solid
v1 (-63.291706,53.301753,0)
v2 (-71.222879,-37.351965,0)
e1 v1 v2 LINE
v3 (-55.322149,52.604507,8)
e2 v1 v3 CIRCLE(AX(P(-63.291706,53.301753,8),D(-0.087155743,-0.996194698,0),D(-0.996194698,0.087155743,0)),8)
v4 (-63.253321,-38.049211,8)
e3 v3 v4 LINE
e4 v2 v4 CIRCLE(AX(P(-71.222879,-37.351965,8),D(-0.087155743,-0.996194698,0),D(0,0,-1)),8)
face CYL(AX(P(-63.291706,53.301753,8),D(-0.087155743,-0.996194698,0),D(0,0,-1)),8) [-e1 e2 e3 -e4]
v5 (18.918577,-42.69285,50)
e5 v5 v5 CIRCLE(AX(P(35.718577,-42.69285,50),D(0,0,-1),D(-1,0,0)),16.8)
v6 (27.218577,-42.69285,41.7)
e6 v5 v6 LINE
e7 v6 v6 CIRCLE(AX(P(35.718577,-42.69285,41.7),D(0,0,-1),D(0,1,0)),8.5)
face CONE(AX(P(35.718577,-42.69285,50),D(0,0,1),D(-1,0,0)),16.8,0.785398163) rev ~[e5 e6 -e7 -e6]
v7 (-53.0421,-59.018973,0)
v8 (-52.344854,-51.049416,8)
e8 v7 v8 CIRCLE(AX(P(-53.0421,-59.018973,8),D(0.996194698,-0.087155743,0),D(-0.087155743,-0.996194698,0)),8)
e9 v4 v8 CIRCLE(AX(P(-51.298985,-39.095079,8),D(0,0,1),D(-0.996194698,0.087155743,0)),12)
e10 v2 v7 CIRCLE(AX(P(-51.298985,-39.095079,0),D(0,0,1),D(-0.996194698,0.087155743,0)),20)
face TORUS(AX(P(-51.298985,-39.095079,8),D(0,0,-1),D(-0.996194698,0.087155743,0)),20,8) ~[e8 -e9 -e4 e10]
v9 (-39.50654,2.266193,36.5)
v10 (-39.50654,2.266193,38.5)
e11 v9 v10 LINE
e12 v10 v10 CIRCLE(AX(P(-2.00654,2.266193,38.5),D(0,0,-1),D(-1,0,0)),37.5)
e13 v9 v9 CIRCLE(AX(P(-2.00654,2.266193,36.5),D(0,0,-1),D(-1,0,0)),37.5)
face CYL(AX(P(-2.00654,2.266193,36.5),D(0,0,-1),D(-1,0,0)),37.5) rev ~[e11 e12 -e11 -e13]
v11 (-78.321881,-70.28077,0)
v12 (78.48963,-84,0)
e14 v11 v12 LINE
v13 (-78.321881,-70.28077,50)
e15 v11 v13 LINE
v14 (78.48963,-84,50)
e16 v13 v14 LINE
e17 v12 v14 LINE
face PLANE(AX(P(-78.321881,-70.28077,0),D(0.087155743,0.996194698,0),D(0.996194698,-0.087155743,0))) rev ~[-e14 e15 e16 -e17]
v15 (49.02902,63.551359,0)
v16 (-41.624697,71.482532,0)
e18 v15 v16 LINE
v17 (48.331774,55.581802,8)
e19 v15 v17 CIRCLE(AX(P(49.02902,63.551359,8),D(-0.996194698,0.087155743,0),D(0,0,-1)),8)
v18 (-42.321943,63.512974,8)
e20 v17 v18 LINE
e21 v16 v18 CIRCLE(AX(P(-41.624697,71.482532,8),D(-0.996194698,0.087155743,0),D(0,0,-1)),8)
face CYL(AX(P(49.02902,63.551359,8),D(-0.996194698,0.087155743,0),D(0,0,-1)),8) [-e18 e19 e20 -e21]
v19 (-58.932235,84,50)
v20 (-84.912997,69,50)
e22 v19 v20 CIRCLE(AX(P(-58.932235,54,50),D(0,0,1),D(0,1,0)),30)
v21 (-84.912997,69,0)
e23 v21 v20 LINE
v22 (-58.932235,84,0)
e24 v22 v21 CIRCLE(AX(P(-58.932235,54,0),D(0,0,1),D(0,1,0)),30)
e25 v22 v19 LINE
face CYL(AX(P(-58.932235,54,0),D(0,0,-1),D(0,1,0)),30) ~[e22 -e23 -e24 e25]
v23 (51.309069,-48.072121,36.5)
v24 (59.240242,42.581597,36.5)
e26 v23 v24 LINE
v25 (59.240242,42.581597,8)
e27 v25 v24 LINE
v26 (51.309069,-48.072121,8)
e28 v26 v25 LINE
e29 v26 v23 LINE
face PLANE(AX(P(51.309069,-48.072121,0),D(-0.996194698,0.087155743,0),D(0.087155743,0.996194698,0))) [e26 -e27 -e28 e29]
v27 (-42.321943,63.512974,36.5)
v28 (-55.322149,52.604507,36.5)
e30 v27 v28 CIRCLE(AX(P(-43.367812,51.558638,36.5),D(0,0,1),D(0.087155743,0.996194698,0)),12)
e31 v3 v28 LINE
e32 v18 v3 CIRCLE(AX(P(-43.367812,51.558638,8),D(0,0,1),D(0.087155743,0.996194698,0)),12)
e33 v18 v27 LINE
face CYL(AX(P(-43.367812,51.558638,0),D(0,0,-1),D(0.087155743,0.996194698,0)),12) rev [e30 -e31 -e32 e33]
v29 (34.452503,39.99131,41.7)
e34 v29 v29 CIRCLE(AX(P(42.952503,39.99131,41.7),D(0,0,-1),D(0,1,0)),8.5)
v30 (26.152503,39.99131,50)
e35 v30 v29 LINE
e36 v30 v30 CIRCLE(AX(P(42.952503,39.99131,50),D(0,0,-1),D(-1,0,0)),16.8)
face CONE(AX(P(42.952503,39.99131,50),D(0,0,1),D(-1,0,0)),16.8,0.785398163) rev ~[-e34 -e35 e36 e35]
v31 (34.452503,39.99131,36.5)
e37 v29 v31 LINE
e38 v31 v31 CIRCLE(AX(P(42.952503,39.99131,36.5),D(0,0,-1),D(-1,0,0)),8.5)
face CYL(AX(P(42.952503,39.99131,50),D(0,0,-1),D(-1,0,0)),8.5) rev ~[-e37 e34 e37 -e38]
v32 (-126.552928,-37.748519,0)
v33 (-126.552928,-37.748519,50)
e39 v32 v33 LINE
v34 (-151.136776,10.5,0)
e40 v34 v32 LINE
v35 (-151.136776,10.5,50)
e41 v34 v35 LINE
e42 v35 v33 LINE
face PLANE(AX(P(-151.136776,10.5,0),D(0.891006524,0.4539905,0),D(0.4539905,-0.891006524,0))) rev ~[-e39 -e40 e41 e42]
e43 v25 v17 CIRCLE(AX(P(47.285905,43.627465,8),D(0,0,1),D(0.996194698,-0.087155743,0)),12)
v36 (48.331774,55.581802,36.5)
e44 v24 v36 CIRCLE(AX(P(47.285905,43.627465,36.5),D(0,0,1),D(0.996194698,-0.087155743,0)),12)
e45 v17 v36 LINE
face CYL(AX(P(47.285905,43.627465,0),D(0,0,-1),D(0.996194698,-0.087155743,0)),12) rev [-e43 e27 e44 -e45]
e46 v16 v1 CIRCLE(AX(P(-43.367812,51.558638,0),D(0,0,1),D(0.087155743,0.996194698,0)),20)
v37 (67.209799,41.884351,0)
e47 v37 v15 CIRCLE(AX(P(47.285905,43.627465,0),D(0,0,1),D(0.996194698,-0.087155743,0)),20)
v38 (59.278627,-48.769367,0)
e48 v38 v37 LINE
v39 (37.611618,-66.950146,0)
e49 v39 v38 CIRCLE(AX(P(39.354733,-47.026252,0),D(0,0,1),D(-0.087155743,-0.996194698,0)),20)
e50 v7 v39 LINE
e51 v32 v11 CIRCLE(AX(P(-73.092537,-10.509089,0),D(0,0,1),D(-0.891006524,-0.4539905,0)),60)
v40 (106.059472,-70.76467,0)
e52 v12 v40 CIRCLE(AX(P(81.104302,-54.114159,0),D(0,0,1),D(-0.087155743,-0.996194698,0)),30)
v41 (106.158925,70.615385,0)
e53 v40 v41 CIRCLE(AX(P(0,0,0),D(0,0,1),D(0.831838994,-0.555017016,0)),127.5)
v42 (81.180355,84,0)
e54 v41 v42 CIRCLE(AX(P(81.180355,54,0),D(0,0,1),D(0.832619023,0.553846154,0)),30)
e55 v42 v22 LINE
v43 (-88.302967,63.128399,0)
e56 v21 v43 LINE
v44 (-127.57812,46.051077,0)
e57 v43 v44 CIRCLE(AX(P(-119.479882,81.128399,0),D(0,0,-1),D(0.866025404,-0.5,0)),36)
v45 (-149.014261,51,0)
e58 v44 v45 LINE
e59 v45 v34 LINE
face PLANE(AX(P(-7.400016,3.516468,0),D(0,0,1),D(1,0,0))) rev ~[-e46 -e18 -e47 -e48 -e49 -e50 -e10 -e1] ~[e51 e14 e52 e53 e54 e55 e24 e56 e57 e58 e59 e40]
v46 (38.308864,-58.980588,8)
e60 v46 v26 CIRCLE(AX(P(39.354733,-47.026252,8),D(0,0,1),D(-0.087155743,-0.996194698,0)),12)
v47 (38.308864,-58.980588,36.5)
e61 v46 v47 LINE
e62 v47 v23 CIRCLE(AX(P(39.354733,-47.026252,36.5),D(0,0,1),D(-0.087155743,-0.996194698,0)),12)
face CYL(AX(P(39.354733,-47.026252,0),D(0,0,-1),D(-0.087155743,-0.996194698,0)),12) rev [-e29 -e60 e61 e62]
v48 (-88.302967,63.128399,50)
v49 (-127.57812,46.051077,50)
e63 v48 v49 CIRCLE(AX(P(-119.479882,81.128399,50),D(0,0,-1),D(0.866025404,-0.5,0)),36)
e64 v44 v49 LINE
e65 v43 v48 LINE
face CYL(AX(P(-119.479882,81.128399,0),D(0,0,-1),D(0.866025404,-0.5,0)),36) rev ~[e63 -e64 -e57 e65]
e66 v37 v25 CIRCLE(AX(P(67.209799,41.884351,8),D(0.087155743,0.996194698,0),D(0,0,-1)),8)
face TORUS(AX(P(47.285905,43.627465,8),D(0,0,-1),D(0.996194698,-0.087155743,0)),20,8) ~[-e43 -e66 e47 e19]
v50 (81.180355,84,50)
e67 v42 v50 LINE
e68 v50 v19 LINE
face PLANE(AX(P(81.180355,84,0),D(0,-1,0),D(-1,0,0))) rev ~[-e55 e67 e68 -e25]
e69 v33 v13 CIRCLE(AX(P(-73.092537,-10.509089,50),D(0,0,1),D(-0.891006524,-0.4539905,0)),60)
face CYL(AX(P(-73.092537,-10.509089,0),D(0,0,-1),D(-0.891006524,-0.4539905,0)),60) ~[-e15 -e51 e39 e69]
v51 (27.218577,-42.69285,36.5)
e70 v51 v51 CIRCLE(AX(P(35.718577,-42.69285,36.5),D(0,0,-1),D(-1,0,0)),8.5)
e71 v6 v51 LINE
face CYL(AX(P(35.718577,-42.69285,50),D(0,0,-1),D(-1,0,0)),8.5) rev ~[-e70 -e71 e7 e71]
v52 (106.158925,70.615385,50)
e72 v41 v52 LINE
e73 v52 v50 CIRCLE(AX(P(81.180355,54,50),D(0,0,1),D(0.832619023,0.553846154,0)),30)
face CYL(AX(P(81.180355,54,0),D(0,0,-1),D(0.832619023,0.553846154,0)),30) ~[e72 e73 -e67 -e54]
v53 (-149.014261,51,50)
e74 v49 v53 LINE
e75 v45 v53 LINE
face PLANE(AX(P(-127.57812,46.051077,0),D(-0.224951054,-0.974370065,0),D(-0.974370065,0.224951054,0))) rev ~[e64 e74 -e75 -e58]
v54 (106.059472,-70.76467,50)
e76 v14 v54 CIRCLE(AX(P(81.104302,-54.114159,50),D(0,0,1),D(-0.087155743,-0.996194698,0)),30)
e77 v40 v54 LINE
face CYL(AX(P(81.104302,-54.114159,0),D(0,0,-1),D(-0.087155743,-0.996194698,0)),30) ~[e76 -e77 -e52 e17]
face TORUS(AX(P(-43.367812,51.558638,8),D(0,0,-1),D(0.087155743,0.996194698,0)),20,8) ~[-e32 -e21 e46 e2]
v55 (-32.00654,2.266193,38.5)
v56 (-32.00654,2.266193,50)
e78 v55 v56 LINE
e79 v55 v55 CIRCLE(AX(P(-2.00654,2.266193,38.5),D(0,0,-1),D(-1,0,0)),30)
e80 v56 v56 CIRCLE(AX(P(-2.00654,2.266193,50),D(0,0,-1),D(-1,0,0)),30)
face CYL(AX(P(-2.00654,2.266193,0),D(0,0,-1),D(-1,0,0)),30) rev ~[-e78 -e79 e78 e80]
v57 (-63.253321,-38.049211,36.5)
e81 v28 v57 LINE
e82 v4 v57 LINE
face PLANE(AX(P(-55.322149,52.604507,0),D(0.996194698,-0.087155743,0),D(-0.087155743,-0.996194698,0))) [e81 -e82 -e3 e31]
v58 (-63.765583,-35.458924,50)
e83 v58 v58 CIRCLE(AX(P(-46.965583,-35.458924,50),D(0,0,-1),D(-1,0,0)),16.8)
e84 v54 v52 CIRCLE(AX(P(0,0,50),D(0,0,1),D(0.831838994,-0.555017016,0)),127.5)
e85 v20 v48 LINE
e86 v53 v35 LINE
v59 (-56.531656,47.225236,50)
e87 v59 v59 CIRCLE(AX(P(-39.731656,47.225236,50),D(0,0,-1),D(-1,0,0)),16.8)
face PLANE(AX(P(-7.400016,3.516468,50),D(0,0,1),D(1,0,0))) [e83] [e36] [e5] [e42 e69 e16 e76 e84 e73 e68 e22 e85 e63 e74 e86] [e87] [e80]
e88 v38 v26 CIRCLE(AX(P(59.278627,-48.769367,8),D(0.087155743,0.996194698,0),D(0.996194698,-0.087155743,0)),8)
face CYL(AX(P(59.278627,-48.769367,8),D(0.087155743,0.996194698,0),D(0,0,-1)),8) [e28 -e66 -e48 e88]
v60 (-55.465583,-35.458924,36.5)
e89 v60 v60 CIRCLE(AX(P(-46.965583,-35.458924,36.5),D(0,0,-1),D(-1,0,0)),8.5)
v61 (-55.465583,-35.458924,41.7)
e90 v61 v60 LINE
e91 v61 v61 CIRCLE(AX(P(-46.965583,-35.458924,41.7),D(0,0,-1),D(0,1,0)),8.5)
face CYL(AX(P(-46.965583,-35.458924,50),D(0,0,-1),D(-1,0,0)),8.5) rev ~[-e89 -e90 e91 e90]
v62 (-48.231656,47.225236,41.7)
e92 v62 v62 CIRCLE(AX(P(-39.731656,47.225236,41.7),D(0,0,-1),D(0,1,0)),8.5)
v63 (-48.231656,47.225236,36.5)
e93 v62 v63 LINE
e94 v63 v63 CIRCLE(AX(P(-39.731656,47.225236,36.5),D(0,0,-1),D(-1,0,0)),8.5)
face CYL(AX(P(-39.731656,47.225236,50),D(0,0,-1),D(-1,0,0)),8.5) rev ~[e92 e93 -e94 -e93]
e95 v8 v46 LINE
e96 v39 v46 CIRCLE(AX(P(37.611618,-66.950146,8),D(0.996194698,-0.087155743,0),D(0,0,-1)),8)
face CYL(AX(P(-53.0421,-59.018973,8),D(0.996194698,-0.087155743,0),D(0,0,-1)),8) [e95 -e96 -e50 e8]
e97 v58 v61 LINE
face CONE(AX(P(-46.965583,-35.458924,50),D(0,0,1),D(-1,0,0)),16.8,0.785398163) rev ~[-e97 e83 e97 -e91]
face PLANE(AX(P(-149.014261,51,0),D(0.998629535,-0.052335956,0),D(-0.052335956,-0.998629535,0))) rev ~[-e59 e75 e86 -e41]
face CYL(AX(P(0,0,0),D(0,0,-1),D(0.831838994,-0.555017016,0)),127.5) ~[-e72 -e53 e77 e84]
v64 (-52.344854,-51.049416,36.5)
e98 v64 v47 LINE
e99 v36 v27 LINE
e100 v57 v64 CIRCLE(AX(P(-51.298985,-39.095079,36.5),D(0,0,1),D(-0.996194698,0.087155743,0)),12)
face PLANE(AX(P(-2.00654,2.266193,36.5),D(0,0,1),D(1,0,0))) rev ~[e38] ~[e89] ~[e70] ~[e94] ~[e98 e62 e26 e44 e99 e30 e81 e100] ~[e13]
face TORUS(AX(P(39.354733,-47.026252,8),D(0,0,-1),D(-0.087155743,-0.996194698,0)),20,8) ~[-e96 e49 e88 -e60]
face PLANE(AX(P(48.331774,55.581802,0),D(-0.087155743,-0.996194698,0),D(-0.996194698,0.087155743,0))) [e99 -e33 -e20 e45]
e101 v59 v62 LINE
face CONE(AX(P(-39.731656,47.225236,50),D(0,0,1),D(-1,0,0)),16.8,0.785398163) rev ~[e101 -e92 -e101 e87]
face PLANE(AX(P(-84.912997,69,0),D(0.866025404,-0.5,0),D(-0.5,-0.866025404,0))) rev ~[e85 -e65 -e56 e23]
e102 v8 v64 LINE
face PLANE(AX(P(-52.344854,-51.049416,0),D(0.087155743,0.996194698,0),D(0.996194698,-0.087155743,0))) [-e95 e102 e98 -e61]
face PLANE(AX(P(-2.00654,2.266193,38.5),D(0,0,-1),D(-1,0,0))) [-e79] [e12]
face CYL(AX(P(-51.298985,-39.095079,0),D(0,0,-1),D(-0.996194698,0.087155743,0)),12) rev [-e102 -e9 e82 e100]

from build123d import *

# Parameters (mm, degrees)
EXTRUS_O_PRINCIPAL_DEPTH                            = 50
REBAIXO_CAMISA_DEPTH                                = 36.5
FILETE_ALIVIO_REBAIXO_R                             = 8
ESBO_O2_3_R                                         = 30
FURO_EIXO_DEPTH                                     = 181.048651344
CORTE_EXTRUS_O1_START                               = -36.5
ESBO_O2_4_R                                         = 37.5
CORTE_EXTRUS_O1_DEPTH                               = 2
ESCAREADO_PARA_PARAFUSO_ALLEN_SEXTAVADO_D           = 17
ESCAREADO_PARA_PARAFUSO_ALLEN_SEXTAVADO_CSINK_D     = 33.6
ESCAREADO_PARA_PARAFUSO_ALLEN_SEXTAVADO_CSINK_ANGLE = 90


with BuildPart() as part:
    # Sketch2 → EXTRUSÃO PRINCIPAL (new body)
    with BuildSketch(Plane.XY):
        with BuildLine():
            Line((-127.578119637, 46.051076804), (-149.014261062, 51))
            Line((-149.014261062, 51), (-151.136776123, 10.5))
            Line((-151.136776123, 10.5), (-126.552927997, -37.748518598))
            ThreePointArc((-126.552927997, -37.748518598), (-106.644110754, -60.251342967), (-78.321881111, -70.280770499))
            Line((-78.321881111, -70.280770499), (78.489629635, -84))
            ThreePointArc((78.489629635, -84), (94.087674002, -81.159159507), (106.059471738, -70.764669536))
            ThreePointArc((106.059471738, -70.764669536), (127.499968454, -0.089689786), (106.158925464, 70.615384615))
            ThreePointArc((106.158925464, 70.615384615), (95.349660705, 80.44297202), (81.180354766, 84))
            Line((81.180354766, 84), (-58.932234692, 84))
            ThreePointArc((-58.932234692, 84), (-73.932234692, 79.980762114), (-84.912996806, 69))
            Line((-84.912996806, 69), (-88.302967145, 63.128399137))
            ThreePointArc((-88.302967145, 63.128399137), (-105.1249152, 48.114236459), (-127.578119637, 46.051076804))
        make_face()
    extrude(amount=EXTRUS_O_PRINCIPAL_DEPTH)

    # Esboço2 → REBAIXO CAMISA (cut)
    with BuildSketch(Plane(origin=(0, 0, 0), x_dir=(-1, 0, 0), z_dir=(0, 0, -1))):
        with BuildLine():
            Line((-48.331774145, 55.581801869), (42.321943382, 63.512974459))
            ThreePointArc((42.321943382, 63.512974459), (51.081263611, 60.751171399), (55.322148672, 52.604506995))
            Line((55.322148672, 52.604506995), (63.253321262, -38.049210532))
            ThreePointArc((63.253321262, -38.049210532), (60.491518202, -46.808530761), (52.344853798, -51.049415822))
            Line((52.344853798, -51.049415822), (-38.308863729, -58.980588412))
            ThreePointArc((-38.308863729, -58.980588412), (-47.068183958, -56.218785352), (-51.309069019, -48.072120948))
            Line((-51.309069019, -48.072120948), (-59.240241609, 42.581596579))
            ThreePointArc((-59.240241609, 42.581596579), (-56.478438549, 51.340916808), (-48.331774145, 55.581801869))
        make_face()
    extrude(amount=-REBAIXO_CAMISA_DEPTH, mode=Mode.SUBTRACT)

    # FILETE ALIVIO REBAIXO
    filete_alivio_rebaixo_edges = [part.edges().sort_by_distance(p)[0] for p in [
        (3.004915382, 59.547388164, 0),
        (-51.081263611, 60.751171399, 0),
        (-59.287734967, 7.277648231, 0),
        (56.478438549, 51.340916808, 0),
        (55.274655314, -2.745262185, 0),
        (47.068183958, -56.218785352, 0),
        (-7.017995034, -55.015002117, 0),
        (-60.491518202, -46.808530761, 0),
    ]]
    fillet(filete_alivio_rebaixo_edges, radius=FILETE_ALIVIO_REBAIXO_R)

    # Esboço2<3> → FURO EIXO (cut, through all)
    with BuildSketch(Plane(origin=(0, 0, 0), x_dir=(-1, 0, 0), z_dir=(0, 0, -1))):
        with Locations((2.006539826, 2.266193023)):
            Circle(ESBO_O2_3_R)
    extrude(amount=-FURO_EIXO_DEPTH, mode=Mode.SUBTRACT)

    # Esboço2<4> → Corte-extrusão1 (cut)
    with BuildSketch(Plane(origin=(0, 0, 0), x_dir=(-1, 0, 0), z_dir=(0, 0, -1)).offset(CORTE_EXTRUS_O1_START)):
        with Locations((2.006539826, 2.266193023)):
            Circle(ESBO_O2_4_R)
    extrude(amount=-CORTE_EXTRUS_O1_DEPTH, mode=Mode.SUBTRACT)

    # Escareado para parafuso Allen sextavado escareado de M161 (through all)
    with Locations(Plane.XY.offset(50)):
        with Locations((-39.731656473, 47.225236318), (42.952503468, 39.99130967), (-46.965583121, -35.458923623), (35.71857682, -42.692850271)):
            CounterSinkHole(ESCAREADO_PARA_PARAFUSO_ALLEN_SEXTAVADO_D / 2, ESCAREADO_PARA_PARAFUSO_ALLEN_SEXTAVADO_CSINK_D / 2, counter_sink_angle=ESCAREADO_PARA_PARAFUSO_ALLEN_SEXTAVADO_CSINK_ANGLE)


solid = part.part
